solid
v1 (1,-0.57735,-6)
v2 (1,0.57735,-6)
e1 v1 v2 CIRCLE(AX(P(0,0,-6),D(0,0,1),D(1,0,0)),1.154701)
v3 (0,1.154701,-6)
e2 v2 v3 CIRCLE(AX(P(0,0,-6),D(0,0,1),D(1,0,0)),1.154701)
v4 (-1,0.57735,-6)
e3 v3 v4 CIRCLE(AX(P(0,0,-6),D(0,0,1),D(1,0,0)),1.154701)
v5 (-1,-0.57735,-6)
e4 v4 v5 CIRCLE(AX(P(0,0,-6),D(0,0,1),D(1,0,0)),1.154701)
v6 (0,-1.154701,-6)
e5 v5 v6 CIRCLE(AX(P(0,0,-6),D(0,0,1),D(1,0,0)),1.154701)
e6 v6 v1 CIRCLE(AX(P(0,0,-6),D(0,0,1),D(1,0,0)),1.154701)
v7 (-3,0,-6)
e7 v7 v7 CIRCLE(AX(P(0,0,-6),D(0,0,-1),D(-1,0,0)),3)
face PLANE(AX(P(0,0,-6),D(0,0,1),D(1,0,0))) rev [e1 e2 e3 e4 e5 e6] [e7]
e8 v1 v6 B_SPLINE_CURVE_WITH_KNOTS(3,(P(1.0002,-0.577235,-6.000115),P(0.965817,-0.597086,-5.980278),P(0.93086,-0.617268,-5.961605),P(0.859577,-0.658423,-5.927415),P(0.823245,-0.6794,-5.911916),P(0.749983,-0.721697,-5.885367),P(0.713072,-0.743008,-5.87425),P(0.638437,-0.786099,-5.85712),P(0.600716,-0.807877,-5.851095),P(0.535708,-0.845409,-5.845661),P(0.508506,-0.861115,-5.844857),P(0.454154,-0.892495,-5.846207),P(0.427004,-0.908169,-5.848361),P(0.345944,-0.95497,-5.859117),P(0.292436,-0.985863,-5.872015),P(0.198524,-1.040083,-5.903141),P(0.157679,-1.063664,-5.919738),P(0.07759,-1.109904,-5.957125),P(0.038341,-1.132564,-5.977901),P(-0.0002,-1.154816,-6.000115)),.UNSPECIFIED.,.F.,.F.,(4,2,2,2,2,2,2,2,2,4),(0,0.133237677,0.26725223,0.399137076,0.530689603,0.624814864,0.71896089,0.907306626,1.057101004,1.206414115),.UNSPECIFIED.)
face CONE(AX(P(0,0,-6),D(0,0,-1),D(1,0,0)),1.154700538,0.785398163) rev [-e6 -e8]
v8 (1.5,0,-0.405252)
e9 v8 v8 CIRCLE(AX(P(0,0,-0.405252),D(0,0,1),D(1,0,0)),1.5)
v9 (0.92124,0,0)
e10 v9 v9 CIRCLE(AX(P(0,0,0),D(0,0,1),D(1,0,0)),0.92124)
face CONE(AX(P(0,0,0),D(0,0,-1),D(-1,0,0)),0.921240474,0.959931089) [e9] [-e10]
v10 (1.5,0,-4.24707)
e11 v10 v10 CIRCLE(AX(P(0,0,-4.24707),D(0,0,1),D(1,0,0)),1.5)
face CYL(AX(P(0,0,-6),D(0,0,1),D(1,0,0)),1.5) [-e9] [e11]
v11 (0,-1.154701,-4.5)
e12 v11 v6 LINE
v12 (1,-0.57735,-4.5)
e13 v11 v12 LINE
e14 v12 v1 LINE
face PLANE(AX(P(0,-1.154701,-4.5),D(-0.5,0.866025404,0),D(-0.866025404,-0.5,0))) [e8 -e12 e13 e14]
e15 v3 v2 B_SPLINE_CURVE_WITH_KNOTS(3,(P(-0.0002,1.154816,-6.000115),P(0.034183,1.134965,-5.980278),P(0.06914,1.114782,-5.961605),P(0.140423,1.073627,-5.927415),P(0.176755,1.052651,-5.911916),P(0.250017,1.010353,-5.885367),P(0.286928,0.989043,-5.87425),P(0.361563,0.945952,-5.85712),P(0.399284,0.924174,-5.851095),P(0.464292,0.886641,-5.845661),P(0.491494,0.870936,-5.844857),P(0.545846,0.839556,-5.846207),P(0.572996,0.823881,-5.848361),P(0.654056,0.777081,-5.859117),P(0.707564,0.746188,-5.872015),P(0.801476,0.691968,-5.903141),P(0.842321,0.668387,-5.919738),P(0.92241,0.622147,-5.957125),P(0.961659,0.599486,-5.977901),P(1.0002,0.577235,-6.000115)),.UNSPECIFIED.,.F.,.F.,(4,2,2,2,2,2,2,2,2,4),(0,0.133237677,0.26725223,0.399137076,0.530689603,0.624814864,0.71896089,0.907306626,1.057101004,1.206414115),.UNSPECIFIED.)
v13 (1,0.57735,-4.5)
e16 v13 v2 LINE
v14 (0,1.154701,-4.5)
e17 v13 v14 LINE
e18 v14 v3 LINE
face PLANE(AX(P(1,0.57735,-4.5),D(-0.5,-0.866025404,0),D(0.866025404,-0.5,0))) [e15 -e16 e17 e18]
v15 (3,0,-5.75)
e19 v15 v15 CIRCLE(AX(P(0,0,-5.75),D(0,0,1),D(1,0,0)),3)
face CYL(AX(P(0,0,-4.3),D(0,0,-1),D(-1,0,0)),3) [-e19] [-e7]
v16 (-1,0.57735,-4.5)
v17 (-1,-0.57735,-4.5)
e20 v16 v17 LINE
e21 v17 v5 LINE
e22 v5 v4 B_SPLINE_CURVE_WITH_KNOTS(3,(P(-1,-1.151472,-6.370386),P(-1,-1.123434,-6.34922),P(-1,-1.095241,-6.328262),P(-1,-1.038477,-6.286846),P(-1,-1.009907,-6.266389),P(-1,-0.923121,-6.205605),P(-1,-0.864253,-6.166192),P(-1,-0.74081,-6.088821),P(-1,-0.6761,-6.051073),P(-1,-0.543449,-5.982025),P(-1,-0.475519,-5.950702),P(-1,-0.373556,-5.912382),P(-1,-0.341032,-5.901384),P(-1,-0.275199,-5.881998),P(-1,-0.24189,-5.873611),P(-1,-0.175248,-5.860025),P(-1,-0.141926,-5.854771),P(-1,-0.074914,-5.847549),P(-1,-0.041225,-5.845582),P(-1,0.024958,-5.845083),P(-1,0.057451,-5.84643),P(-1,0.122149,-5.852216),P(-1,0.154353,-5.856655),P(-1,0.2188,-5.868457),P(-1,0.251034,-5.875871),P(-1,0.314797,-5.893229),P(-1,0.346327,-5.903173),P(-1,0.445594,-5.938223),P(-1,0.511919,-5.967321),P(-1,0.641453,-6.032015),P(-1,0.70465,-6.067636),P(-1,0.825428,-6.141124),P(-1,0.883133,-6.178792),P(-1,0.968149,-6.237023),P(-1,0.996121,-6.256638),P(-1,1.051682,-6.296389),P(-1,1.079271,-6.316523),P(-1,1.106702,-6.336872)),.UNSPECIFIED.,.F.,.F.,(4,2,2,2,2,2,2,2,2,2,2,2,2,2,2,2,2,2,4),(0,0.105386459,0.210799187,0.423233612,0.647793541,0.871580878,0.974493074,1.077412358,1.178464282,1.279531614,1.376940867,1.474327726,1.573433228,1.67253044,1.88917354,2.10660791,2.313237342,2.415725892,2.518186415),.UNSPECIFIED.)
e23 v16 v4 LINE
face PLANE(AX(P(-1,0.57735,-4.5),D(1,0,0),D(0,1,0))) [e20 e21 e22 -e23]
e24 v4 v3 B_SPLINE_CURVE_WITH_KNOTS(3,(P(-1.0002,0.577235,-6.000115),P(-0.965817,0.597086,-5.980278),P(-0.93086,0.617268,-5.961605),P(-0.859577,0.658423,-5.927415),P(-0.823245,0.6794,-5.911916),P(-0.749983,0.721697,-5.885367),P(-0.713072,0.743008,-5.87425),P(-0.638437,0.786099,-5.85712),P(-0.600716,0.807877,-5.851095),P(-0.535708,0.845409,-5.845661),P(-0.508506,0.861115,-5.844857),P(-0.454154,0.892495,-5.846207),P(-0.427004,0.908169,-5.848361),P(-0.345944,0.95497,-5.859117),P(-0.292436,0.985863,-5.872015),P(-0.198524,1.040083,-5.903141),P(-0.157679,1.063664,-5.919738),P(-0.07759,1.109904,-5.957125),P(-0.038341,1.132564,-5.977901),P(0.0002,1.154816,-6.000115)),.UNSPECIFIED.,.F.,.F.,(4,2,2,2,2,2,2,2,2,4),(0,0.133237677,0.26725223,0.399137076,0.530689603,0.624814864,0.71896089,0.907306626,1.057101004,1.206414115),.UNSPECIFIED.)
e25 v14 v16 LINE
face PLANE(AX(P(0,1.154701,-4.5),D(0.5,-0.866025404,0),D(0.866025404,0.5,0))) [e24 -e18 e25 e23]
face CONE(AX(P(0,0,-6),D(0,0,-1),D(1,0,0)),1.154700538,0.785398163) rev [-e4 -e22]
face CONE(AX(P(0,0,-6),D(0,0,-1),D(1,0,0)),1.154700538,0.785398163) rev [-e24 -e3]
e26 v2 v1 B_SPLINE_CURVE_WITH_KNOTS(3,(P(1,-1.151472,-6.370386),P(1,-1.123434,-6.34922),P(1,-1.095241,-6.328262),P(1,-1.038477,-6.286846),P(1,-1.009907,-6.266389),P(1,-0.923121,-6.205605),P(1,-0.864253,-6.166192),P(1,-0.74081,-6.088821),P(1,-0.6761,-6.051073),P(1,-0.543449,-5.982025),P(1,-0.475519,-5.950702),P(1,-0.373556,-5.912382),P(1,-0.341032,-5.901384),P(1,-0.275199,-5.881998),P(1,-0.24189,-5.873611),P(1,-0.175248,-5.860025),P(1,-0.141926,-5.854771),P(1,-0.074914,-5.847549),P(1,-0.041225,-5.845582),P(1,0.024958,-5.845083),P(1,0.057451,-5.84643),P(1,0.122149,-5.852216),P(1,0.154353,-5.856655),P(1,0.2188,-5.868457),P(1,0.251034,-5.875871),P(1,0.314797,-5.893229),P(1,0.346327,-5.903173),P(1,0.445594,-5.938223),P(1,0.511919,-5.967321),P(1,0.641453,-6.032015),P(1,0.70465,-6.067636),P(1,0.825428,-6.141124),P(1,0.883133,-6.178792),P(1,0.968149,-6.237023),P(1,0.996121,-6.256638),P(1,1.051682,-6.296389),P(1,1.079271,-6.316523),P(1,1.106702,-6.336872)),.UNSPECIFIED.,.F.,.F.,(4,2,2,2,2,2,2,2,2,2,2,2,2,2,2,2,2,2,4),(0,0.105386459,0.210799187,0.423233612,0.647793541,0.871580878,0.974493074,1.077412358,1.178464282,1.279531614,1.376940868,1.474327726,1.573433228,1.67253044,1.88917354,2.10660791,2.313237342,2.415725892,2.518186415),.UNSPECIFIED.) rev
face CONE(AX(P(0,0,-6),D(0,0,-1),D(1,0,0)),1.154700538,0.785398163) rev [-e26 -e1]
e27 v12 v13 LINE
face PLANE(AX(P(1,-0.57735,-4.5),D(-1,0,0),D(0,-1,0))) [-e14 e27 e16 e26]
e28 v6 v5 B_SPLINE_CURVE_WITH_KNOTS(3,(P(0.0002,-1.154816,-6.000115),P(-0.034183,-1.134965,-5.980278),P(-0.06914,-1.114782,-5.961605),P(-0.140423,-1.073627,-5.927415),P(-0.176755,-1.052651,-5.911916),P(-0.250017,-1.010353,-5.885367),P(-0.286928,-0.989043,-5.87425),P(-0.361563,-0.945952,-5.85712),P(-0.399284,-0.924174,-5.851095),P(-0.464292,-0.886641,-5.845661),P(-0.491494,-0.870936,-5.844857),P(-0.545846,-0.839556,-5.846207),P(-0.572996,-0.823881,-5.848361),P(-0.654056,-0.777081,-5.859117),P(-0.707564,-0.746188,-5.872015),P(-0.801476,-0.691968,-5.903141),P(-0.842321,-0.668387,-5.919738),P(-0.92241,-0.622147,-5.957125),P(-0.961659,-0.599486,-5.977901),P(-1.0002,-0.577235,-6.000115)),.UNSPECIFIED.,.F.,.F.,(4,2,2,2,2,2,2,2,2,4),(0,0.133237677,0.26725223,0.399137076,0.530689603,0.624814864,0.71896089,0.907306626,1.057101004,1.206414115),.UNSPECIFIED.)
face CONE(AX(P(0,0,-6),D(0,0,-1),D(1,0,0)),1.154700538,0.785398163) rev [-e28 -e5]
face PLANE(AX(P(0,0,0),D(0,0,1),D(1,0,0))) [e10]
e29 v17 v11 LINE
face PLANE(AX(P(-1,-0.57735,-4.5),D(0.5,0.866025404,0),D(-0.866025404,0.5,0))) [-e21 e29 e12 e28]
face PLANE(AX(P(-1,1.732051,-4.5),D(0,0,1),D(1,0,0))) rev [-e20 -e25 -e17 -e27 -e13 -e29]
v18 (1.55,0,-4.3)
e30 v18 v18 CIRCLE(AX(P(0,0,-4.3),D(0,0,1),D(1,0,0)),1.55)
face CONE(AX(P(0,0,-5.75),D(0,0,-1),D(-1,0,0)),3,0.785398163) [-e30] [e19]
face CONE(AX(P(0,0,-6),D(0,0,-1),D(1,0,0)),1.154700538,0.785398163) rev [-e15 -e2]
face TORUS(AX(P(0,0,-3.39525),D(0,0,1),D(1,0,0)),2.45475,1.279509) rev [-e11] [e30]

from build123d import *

# Parameters (mm, degrees)
SKETCH1_R          = 1.5
EXTRUDE1_DEPTH     = 6
SKETCH6_R          = 3
EXTRUDE2_DEPTH     = 1.7
CUT_EXTRUDE1_DEPTH = 1.5
SKETCH8_R          = 1.154700538
CUT_EXTRUDE2_DEPTH = 7
CUT_EXTRUDE2_TAPER = 45


with BuildPart() as part:
    # Sketch1 → Extrude1 (new body)
    with BuildSketch(Plane.XY):
        Circle(SKETCH1_R)
    extrude(amount=-EXTRUDE1_DEPTH)

    # Sketch4 → Cut-Revolve1 (revolve, cut)
    with BuildSketch(Plane(origin=(0, 0, 0), x_dir=(0, 0, -1), z_dir=(1, 0, 0)), mode=Mode.PRIVATE) as cut_revolve1_sk:
        Polygon((0.405251783, 1.5), (0, 0.921240474), (0, 1.5), align=None)
    revolve(cut_revolve1_sk.sketch.rotate(Axis((0, 0, 0), (0, 0, -1)), 90), axis=Axis((0, 0, 0), (0, 0, -1)), mode=Mode.SUBTRACT)  # turned: the seam where the file's is

    # Sketch6 → Extrude2 (add)
    with BuildSketch(Plane(origin=(0, 0, -6), x_dir=(-1, 0, 0), z_dir=(0, 0, -1))):
        Circle(SKETCH6_R)
    extrude(amount=-EXTRUDE2_DEPTH)

    # Sketch10 → Cut-Revolve2 (revolve, cut)
    with BuildSketch(Plane(origin=(0, 0, 0), x_dir=(0, 0, -1), z_dir=(1, 0, 0)), mode=Mode.PRIVATE) as cut_revolve2_sk:
        Polygon((5.75, -3), (4.3, -1.55), (4.3, -3), align=None)
    revolve(cut_revolve2_sk.sketch.rotate(Axis((0, 0, 0), (0, 0, -1)), 270), axis=Axis((0, 0, 0), (0, 0, -1)), mode=Mode.SUBTRACT)  # turned: the seam where the file's is

    # Sketch11 → Revolve1 (revolve)
    with BuildSketch(Plane(origin=(0, 0, 0), x_dir=(0, 0, -1), z_dir=(1, 0, 0)), mode=Mode.PRIVATE) as revolve1_sk:
        with BuildLine():
            Line((3.395250469, 1.175240474), (3.395250469, 0))
            Line((3.395250469, 0), (4.3, 0))
            Line((4.3, 0), (4.3, 1.55))
            ThreePointArc((4.3, 1.55), (3.884897387, 1.272637301), (3.395250469, 1.175240474))
        make_face()
    revolve(revolve1_sk.sketch.rotate(Axis((0, 0, 0), (0, 0, -1)), 90), axis=Axis((0, 0, 0), (0, 0, -1)))  # turned: the seam where the file's is

    # Sketch7 → Cut-Extrude1 (cut)
    with BuildSketch(Plane.XY.offset(-6)):
        Polygon((0, 1.154700538), (-1, 0.577350269), (-1, -0.577350269), (0, -1.154700538), (1, -0.577350269), (1, 0.577350269), align=None)
    extrude(amount=CUT_EXTRUDE1_DEPTH, mode=Mode.SUBTRACT)

    # Sketch8 → Cut-Extrude2 (cut, through all)
    with BuildSketch(Plane.XY.offset(-6)):
        Circle(SKETCH8_R)
    extrude(amount=CUT_EXTRUDE2_DEPTH, taper=CUT_EXTRUDE2_TAPER, mode=Mode.SUBTRACT)


solid = part.part
